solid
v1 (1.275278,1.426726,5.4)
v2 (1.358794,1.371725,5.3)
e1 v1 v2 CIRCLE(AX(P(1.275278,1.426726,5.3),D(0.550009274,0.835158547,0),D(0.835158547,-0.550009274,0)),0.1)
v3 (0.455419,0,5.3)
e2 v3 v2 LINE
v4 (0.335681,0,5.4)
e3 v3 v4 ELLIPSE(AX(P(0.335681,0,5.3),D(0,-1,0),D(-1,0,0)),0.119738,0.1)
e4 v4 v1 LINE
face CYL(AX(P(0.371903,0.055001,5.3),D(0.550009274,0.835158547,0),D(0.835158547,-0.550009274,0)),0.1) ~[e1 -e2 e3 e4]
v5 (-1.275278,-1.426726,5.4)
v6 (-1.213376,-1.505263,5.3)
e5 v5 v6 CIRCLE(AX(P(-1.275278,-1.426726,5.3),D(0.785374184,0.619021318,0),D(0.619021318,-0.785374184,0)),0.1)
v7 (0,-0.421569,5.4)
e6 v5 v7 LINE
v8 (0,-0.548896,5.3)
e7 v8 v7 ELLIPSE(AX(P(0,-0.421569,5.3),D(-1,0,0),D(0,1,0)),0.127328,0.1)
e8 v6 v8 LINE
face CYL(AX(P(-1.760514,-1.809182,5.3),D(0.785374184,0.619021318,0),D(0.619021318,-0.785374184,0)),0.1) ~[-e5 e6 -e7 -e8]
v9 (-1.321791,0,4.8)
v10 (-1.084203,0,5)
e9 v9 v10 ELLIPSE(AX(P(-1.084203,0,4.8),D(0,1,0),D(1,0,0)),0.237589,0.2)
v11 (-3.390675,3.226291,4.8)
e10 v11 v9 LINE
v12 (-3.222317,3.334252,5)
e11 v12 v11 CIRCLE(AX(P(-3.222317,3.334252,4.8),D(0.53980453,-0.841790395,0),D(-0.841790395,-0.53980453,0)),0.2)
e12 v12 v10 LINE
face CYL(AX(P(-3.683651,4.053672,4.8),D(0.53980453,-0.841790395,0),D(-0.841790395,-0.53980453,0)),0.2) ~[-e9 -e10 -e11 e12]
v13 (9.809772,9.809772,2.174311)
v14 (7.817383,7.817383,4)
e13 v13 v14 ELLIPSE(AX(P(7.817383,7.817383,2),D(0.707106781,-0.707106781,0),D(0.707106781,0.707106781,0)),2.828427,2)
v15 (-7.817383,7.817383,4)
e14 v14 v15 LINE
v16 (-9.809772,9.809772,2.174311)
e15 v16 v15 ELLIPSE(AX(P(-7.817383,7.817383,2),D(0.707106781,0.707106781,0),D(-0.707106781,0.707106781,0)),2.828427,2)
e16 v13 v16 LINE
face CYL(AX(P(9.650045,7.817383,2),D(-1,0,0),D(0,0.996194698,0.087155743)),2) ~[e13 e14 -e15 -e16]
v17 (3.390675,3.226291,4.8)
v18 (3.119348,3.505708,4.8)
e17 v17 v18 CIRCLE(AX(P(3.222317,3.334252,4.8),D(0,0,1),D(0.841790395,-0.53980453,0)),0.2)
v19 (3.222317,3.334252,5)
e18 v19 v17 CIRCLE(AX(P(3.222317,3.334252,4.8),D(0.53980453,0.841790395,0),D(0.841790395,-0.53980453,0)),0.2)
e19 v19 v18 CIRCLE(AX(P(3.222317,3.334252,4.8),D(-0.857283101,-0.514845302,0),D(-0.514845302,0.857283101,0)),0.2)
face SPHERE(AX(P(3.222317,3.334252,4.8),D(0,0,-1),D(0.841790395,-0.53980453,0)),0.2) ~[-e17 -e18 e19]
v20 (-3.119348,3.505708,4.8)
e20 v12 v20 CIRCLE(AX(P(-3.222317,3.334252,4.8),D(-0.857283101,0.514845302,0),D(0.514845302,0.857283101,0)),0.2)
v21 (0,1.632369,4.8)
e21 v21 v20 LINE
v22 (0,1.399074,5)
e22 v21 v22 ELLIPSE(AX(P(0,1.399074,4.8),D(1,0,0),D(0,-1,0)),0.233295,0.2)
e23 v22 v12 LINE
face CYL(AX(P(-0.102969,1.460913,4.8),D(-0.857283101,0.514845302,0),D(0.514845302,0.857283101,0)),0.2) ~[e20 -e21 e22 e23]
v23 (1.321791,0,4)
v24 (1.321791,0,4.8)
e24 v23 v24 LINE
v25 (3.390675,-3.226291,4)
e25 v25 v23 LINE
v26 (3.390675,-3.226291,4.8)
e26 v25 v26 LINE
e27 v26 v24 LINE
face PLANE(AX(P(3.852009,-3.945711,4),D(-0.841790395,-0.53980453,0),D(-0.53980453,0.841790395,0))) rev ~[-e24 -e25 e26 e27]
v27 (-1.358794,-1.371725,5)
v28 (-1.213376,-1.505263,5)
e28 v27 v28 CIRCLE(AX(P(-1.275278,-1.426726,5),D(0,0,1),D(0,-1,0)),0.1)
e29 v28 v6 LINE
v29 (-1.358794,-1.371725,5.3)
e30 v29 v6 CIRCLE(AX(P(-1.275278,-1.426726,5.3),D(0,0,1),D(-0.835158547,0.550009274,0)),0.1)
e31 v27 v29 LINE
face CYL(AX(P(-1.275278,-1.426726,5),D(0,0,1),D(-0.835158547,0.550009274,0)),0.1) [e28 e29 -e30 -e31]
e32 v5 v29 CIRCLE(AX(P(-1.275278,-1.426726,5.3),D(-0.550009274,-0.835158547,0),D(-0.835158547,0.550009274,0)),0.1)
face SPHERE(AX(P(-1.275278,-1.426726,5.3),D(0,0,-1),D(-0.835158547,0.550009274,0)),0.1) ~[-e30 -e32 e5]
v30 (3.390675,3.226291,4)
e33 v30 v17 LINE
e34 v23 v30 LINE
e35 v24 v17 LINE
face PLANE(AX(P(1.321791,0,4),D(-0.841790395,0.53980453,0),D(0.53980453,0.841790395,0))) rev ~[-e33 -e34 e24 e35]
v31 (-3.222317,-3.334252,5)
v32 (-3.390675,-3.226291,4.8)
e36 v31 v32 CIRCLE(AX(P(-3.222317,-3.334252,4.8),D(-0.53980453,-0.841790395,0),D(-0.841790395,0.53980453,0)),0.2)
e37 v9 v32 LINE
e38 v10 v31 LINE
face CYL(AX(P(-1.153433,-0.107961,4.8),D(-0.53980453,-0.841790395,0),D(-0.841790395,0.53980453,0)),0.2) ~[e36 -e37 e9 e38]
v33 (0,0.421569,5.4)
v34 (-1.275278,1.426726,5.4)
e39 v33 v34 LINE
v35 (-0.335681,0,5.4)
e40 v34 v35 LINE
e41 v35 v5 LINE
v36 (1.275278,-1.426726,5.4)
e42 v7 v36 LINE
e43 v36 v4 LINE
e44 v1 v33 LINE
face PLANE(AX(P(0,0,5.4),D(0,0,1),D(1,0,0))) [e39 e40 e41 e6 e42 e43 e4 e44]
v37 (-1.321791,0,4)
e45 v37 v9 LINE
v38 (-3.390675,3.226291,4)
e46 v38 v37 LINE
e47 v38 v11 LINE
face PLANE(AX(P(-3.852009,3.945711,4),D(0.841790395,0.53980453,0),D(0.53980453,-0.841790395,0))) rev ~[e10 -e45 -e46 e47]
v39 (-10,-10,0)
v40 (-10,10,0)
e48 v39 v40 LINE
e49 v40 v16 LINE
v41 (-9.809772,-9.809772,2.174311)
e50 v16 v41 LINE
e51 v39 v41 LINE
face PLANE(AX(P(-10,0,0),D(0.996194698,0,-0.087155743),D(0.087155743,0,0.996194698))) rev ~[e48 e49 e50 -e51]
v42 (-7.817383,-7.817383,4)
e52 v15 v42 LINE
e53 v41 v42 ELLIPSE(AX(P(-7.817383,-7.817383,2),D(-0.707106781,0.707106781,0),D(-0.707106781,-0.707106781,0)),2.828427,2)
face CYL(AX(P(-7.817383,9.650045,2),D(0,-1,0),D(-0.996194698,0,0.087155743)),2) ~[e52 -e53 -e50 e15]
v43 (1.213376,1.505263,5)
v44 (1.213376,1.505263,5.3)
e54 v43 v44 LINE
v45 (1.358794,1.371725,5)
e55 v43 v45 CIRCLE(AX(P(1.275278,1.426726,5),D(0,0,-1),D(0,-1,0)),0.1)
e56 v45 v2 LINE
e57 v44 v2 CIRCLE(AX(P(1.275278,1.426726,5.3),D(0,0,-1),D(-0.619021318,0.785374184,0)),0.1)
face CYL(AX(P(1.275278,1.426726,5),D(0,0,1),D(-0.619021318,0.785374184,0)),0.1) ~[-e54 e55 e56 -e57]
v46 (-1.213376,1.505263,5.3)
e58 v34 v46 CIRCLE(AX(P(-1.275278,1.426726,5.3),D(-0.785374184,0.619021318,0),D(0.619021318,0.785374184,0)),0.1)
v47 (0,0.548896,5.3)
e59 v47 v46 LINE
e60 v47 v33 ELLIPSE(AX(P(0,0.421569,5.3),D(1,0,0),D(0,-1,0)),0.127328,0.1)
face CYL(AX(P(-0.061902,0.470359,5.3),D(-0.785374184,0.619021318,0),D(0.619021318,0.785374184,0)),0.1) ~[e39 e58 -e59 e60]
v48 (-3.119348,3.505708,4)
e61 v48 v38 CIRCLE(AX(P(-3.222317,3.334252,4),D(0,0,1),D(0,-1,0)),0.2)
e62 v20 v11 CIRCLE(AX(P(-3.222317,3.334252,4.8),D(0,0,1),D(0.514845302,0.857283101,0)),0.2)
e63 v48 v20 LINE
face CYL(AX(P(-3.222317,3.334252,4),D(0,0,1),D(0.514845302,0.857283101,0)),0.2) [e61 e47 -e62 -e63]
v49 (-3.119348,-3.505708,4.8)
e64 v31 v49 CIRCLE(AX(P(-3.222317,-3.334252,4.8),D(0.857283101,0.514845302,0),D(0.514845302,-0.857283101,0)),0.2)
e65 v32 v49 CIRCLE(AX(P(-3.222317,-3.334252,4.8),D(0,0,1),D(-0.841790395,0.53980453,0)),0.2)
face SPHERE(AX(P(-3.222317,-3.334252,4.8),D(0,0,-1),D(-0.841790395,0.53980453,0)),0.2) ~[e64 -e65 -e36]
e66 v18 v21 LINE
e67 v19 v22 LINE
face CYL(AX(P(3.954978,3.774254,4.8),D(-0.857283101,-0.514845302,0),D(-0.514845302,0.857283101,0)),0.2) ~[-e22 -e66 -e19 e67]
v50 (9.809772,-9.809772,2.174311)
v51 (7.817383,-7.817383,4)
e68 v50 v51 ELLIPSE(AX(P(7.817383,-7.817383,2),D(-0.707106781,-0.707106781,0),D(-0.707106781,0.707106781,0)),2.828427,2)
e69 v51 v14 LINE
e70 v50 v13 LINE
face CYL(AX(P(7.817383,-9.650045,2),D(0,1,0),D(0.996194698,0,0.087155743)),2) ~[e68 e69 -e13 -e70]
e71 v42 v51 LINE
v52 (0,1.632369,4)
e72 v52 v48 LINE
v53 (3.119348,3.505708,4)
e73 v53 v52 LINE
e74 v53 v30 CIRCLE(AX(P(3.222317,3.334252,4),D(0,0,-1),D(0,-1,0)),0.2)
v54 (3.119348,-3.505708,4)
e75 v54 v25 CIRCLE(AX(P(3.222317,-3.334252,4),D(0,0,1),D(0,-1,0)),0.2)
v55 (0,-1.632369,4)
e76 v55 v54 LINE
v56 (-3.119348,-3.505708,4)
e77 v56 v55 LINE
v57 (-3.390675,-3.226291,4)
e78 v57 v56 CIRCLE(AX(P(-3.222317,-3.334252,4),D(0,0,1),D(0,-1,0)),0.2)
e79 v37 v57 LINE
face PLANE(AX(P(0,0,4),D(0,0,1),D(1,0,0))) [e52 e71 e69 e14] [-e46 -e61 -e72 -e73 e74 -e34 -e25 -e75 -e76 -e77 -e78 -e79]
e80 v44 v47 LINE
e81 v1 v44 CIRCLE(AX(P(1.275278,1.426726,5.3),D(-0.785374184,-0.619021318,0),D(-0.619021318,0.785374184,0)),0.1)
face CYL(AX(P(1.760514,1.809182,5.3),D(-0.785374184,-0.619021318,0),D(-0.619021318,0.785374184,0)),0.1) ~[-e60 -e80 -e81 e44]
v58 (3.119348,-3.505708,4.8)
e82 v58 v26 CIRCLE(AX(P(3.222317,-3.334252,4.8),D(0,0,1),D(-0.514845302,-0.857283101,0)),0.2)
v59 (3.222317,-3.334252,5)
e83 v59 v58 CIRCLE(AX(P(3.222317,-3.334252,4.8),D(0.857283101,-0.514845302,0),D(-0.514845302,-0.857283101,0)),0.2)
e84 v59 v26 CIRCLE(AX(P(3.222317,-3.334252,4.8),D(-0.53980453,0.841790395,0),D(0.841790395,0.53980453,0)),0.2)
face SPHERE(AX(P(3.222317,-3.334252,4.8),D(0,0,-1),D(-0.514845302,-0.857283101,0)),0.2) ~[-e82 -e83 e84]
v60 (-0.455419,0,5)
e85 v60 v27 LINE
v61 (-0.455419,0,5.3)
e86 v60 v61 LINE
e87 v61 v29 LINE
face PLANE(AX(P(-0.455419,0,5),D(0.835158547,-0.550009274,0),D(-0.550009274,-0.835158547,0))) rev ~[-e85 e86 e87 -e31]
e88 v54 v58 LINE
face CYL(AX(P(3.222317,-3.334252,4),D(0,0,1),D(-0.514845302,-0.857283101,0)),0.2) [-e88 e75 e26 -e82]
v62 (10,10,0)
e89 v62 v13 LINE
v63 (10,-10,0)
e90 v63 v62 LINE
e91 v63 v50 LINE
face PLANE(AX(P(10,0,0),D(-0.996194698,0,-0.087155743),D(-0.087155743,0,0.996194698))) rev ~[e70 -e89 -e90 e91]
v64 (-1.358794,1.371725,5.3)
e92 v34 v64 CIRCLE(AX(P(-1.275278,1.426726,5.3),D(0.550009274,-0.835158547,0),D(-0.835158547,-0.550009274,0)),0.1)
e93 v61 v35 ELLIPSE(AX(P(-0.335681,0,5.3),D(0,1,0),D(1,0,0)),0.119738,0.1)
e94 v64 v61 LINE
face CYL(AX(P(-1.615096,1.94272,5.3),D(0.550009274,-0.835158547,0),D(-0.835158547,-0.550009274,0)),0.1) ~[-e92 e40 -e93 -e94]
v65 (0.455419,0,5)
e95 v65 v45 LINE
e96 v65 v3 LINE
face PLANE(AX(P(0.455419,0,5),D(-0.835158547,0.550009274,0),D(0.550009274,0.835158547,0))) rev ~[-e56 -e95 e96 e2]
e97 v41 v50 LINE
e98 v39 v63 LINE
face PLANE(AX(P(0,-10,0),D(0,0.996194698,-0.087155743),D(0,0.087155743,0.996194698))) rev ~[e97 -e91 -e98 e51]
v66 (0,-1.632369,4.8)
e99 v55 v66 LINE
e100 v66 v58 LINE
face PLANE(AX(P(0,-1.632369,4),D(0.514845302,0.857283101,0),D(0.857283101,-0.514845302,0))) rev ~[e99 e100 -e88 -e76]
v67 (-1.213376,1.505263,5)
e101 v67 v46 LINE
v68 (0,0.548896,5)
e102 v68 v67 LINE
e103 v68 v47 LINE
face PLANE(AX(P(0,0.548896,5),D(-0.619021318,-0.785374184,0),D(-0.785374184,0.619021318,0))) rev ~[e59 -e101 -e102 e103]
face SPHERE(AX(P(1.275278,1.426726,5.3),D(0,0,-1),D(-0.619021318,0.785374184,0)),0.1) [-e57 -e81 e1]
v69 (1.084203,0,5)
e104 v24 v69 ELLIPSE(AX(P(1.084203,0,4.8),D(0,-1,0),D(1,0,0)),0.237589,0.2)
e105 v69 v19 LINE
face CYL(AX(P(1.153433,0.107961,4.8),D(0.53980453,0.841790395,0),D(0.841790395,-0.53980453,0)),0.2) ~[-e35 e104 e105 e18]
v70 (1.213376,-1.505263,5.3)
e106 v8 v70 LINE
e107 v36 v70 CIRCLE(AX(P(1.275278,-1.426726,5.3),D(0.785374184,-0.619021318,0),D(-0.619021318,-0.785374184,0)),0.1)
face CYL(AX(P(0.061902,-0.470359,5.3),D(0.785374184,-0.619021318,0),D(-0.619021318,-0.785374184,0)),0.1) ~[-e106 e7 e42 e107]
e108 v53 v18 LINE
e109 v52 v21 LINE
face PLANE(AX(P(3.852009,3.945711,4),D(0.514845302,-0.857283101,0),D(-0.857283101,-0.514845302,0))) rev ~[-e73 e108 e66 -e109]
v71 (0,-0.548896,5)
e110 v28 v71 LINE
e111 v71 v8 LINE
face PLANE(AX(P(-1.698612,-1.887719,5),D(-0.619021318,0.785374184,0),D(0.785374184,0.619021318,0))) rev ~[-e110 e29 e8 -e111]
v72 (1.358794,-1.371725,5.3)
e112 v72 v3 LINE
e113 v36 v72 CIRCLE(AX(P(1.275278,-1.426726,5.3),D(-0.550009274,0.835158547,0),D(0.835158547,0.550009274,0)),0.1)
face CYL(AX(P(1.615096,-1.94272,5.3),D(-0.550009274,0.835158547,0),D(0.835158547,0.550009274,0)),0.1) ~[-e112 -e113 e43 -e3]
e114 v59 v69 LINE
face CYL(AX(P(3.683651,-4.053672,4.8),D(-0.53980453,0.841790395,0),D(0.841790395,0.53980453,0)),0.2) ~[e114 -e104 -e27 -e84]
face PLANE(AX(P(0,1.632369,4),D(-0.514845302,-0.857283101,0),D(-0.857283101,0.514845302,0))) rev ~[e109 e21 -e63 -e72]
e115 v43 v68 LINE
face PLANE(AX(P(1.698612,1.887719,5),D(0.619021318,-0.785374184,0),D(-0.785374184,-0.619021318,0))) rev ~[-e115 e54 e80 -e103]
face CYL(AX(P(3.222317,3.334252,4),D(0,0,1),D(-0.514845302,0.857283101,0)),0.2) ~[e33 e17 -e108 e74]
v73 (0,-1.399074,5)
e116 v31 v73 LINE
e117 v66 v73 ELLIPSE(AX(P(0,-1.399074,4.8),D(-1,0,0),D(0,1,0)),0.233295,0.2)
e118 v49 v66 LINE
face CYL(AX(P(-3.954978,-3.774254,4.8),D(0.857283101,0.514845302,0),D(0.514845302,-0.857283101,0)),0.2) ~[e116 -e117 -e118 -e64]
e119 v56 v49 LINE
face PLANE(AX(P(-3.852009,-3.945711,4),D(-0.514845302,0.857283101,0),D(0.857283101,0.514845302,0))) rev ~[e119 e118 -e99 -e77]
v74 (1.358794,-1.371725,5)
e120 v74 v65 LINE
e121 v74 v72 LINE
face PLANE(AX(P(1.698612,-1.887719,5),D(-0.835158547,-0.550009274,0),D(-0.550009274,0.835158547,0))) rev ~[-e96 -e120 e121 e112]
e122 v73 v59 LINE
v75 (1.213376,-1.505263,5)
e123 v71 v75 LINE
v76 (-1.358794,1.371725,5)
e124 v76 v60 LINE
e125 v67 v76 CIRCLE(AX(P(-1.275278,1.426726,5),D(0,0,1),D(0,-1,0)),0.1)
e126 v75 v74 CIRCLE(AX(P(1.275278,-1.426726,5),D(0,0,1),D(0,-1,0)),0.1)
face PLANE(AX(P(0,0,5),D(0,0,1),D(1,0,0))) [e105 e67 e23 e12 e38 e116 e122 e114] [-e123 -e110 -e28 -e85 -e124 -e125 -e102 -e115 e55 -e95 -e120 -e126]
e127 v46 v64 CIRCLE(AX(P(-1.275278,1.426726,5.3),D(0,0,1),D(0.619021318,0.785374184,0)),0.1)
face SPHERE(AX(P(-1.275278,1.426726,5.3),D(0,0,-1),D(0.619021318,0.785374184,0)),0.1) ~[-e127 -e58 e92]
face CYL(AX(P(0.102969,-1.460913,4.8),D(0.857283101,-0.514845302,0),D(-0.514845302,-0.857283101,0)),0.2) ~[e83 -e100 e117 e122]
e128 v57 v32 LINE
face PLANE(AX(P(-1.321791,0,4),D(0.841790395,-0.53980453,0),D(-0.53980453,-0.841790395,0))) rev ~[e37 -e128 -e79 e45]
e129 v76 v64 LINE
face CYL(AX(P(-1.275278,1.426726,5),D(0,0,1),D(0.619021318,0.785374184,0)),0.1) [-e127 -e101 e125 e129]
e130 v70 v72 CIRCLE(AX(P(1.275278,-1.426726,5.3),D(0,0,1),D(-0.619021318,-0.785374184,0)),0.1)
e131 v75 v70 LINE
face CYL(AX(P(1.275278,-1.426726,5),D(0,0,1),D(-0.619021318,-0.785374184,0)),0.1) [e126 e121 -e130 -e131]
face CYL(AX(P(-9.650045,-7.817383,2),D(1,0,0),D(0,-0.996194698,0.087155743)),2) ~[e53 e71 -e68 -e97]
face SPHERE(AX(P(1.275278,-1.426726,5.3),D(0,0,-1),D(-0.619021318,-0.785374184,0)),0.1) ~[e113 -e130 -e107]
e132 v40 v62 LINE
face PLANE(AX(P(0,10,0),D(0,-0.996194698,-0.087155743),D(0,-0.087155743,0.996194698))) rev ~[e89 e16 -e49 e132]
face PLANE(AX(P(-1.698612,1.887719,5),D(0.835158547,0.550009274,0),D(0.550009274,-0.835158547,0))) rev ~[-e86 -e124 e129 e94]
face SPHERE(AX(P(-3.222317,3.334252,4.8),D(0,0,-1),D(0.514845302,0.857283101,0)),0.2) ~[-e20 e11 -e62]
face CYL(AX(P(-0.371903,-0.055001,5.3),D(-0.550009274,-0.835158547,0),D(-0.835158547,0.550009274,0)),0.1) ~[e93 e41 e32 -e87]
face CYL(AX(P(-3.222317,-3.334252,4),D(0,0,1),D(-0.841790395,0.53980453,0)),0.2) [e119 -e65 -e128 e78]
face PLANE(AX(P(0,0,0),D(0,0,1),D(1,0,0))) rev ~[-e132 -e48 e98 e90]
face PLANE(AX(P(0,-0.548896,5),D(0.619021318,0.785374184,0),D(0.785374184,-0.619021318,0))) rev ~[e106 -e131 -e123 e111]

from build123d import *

# Parameters (mm, degrees)
F0_W     = 20
F0_H     = 20
F1_DEPTH = 4
F1_TAPER = 5
F2_R     = 2
F4_DEPTH = 1
F5_R     = 0.2
F7_DEPTH = 0.4
F8_R     = 0.1


with BuildPart() as f1:
    # F0 (on Top) → F1 (new body)
    with BuildSketch(Plane.XY):
        Rectangle(F0_W, F0_H)
    extrude(amount=F1_DEPTH, taper=F1_TAPER)

    # F2
    f2_edges = [f1.edges().sort_by_distance(p)[0] for p in [
        (9.650045, 0, 4),
        (0, 9.650045, 4),
        (-9.650045, 0, 4),
        (0, -9.650045, 4),
    ]]
    fillet(f2_edges, radius=F2_R)

    # F3 (on face) → F4 (join)
    with BuildSketch(Plane.XY.offset(4)):
        Polygon((3.8520088419, 3.9457110688), (0, 1.6323694726), (-3.8520088419, 3.9457110688), (-1.3217914384, 0), (-3.8520088419, -3.9457110688), (0, -1.6323694726), (3.8520088419, -3.9457110688), (1.3217914384, 0), align=None)
    extrude(amount=F4_DEPTH)

    # F5
    f5_edges = [f1.edges().sort_by_distance(p)[0] for p in [
        (2.5869, 1.972856, 5),
        (1.926004, 2.78904, 5),
        (-1.926004, 2.78904, 5),
        (-2.5869, 1.972856, 5),
        (-2.5869, -1.972856, 5),
        (-1.926004, -2.78904, 5),
        (1.926004, -2.78904, 5),
        (2.5869, -1.972856, 5),
        (-3.852009, 3.945711, 4.5),
        (-3.852009, -3.945711, 4.5),
        (3.852009, 3.945711, 4.5),
        (3.852009, -3.945711, 4.5),
    ]]
    fillet(f5_edges, radius=F5_R)

    # F6 (on face) → F7 (join)
    with BuildSketch(Plane.XY.offset(5)):
        Polygon((1.6986121191, 1.8877194962), (0, 0.5488963798), (-1.6986121191, 1.8877194962), (-0.4554191546, 0), (-1.6986121191, -1.8877194962), (0, -0.5488963798), (1.6986121191, -1.8877194962), (0.4554191546, 0), align=None)
    extrude(amount=F7_DEPTH)

    # F8
    f8_edges = [f1.edges().sort_by_distance(p)[0] for p in [
        (0.849306, 1.218308, 5.4),
        (-0.849306, 1.218308, 5.4),
        (-1.077016, 0.94386, 5.4),
        (-1.077016, -0.94386, 5.4),
        (-0.849306, -1.218308, 5.4),
        (0.849306, -1.218308, 5.4),
        (1.077016, -0.94386, 5.4),
        (1.077016, 0.94386, 5.4),
        (1.698612, 1.887719, 5.2),
        (1.698612, -1.887719, 5.2),
        (-1.698612, -1.887719, 5.2),
        (-1.698612, 1.887719, 5.2),
    ]]
    fillet(f8_edges, radius=F8_R)


solid = f1.part
